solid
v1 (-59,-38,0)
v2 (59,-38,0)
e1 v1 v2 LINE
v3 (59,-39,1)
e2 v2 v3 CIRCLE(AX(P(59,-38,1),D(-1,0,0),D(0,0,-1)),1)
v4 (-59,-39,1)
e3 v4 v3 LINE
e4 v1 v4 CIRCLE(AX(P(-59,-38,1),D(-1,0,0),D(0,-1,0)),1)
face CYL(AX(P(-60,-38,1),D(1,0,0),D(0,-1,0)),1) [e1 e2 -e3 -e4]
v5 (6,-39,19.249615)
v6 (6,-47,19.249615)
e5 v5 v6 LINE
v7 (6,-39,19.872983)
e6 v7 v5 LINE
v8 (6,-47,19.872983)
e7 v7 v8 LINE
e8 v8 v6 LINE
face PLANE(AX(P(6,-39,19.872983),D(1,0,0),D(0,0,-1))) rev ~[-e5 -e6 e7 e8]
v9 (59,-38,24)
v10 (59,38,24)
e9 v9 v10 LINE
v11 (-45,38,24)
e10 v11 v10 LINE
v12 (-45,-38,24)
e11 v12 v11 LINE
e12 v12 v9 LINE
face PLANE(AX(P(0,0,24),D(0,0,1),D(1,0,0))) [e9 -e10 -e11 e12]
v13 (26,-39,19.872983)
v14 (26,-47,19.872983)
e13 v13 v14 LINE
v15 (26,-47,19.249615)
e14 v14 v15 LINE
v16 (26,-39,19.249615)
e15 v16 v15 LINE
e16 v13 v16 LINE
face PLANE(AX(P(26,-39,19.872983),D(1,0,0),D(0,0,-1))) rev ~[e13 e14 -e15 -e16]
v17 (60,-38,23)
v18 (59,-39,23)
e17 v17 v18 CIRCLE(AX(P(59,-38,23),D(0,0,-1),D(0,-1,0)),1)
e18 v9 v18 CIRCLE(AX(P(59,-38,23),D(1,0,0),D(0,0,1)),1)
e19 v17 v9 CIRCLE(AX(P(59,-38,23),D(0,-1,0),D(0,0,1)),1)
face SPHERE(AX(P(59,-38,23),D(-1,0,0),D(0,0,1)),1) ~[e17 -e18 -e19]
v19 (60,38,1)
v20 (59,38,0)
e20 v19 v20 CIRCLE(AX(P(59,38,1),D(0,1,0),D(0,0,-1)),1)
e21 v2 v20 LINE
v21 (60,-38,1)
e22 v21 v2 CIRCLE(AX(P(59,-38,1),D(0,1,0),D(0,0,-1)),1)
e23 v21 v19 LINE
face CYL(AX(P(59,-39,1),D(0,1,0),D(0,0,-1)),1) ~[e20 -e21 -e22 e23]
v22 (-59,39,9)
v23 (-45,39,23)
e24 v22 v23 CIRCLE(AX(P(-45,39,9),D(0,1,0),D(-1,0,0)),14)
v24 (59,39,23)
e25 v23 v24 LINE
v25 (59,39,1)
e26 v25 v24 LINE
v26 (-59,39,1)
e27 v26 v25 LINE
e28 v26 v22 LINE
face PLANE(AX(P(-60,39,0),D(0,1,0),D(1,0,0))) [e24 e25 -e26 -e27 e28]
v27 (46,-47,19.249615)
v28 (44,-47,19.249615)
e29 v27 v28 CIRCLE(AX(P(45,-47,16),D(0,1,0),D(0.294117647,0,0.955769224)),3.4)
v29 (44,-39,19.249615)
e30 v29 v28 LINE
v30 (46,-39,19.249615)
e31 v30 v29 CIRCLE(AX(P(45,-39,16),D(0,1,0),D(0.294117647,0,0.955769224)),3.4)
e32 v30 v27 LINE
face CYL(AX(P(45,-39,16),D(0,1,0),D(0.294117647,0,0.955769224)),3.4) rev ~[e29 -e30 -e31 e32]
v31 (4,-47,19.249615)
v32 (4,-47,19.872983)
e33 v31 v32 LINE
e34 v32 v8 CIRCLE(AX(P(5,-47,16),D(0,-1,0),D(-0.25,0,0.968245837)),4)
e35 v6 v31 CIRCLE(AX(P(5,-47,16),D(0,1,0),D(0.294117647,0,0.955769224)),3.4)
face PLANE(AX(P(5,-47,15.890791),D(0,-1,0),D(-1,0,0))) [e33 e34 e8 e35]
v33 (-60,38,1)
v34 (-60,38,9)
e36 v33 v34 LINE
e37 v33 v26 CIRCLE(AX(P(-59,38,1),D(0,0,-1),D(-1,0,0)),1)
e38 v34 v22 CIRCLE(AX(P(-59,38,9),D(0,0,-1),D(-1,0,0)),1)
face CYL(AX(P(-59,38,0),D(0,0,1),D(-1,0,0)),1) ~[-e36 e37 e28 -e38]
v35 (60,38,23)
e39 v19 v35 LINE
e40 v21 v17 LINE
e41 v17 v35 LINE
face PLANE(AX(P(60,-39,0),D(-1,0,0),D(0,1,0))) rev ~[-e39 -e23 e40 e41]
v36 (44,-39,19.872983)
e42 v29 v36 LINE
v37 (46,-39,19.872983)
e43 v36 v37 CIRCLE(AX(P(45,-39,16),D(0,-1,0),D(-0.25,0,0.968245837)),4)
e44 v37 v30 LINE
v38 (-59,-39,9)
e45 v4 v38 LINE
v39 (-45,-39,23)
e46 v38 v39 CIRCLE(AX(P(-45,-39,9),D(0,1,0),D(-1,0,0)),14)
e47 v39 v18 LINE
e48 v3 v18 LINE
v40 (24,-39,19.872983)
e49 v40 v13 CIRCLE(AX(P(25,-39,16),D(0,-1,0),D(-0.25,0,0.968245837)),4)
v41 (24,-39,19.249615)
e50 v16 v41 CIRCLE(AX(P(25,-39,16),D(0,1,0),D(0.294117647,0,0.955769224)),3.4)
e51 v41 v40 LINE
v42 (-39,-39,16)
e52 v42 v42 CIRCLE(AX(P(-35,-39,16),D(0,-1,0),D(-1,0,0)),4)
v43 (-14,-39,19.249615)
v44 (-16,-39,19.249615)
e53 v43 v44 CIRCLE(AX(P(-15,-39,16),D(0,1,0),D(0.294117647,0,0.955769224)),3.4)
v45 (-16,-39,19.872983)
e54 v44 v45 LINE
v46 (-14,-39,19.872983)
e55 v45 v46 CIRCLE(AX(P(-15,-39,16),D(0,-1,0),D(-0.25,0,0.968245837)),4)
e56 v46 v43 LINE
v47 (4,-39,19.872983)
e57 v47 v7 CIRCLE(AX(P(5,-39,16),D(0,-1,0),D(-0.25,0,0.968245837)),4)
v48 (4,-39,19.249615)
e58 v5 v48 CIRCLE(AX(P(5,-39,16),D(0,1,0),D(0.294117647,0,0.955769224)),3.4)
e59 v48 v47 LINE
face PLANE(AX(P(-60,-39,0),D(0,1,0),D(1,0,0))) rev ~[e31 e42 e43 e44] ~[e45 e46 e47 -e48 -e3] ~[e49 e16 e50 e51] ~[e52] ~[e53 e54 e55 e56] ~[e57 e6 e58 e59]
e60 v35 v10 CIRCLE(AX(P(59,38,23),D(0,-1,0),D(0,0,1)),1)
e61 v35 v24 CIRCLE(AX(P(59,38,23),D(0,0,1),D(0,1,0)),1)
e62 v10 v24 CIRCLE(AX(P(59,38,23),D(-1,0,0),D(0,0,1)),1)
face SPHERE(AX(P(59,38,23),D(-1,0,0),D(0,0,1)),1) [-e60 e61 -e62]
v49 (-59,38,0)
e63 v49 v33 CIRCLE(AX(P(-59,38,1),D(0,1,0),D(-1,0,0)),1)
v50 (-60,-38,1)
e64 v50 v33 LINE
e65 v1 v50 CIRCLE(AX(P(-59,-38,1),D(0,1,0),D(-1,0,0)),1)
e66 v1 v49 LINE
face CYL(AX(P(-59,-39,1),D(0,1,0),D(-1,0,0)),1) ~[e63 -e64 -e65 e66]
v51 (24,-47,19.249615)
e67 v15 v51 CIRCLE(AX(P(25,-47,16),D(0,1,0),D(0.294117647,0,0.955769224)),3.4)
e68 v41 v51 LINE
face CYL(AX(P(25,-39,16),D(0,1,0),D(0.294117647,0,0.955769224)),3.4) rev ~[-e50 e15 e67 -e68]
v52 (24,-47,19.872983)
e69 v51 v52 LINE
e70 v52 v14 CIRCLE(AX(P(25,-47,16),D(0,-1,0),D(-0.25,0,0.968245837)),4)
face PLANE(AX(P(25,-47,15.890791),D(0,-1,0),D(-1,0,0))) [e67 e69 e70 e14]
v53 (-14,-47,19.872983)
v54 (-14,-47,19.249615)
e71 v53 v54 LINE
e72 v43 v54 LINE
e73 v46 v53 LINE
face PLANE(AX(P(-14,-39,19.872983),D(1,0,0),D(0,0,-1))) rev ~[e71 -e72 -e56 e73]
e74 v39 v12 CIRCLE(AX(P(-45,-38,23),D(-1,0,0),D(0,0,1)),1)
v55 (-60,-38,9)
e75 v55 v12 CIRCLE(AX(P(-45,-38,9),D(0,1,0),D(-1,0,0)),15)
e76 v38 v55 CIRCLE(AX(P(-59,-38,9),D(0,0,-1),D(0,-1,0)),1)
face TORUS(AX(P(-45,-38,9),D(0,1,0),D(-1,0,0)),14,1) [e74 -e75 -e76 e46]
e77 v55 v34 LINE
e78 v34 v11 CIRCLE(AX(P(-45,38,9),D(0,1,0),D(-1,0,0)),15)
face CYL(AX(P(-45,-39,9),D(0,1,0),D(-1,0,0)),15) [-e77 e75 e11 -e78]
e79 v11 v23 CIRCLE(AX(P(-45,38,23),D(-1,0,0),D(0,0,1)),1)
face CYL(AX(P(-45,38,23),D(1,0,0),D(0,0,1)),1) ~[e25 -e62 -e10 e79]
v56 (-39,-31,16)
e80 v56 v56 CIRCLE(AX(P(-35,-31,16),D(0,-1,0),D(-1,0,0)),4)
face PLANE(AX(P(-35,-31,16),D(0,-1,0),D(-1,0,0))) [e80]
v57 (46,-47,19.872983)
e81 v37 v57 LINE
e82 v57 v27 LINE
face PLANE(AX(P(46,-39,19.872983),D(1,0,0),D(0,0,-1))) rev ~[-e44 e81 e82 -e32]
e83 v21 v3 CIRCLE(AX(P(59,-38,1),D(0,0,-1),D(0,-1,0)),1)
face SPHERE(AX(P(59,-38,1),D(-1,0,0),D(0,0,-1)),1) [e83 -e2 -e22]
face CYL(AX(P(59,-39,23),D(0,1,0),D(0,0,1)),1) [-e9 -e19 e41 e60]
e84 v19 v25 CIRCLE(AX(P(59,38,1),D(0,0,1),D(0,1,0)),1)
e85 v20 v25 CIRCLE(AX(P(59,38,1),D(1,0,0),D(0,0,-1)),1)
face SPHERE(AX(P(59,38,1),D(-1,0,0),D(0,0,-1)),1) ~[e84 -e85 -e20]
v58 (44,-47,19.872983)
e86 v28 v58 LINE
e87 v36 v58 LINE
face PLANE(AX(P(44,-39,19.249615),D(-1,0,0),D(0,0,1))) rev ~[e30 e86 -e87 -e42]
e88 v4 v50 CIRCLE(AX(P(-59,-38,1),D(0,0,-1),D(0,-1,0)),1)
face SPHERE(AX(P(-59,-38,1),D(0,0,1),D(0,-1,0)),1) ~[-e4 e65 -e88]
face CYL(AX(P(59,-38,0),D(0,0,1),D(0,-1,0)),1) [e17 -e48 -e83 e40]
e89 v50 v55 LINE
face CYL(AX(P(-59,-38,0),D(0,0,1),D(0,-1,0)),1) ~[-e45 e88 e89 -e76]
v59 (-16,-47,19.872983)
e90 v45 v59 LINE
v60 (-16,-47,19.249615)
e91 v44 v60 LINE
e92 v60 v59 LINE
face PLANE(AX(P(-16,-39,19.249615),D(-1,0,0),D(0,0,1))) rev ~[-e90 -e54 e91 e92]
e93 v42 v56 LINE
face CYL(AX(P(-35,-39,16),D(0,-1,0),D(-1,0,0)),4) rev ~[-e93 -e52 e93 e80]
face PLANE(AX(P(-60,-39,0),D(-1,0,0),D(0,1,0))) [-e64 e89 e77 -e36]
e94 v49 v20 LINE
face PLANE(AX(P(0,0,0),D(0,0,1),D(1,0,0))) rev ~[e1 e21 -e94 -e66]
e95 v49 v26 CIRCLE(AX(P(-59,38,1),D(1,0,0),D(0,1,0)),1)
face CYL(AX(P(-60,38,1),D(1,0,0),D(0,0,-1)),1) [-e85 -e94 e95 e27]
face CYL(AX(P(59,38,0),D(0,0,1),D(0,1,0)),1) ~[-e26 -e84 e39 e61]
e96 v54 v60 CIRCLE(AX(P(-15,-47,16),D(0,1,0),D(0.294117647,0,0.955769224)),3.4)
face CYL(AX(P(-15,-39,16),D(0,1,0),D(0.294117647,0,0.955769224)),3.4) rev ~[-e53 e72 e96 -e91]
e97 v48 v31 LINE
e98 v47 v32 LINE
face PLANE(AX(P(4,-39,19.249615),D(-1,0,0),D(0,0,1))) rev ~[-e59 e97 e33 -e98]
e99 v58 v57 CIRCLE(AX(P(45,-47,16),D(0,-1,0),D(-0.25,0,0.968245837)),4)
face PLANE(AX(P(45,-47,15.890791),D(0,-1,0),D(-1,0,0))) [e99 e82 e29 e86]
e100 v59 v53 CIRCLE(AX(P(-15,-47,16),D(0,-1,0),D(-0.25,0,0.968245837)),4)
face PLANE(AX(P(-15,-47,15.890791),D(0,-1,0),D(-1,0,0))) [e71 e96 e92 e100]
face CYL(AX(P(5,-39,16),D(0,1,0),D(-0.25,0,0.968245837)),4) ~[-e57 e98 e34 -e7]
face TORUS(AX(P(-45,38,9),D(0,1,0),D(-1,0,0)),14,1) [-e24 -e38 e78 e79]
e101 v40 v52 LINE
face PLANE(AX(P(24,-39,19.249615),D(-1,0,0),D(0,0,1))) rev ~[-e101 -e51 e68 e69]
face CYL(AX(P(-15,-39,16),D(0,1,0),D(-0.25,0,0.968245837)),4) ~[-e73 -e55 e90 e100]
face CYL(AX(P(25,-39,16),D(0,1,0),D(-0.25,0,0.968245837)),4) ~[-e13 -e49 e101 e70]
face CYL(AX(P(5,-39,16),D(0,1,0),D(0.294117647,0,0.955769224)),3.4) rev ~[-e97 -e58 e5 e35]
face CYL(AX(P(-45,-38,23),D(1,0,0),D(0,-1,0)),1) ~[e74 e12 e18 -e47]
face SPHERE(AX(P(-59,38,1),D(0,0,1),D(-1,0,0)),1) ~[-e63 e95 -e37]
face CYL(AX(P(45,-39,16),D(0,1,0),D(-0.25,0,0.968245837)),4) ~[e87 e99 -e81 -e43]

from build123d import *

# Parameters (mm, degrees)
SKETCH1_W           = 120
SKETCH1_H           = 78
BOSS_EXTRUDE1_DEPTH = 24
FILLET1_R           = 15
FILLET2_R           = 1
BOSS_EXTRUDE2_DEPTH = 8
SKETCH2_3_R         = 4
CUT_EXTRUDE1_DEPTH  = 8


with BuildPart() as part:
    # Sketch1 → Boss-Extrude1 (new body)
    with BuildSketch(Plane.XY):
        Rectangle(SKETCH1_W, SKETCH1_H)
    extrude(amount=BOSS_EXTRUDE1_DEPTH)

    # Fillet1
    fillet1_edges = [part.edges().sort_by_distance(p)[0] for p in [
        (-60, 0, 24),
    ]]
    fillet(fillet1_edges, radius=FILLET1_R)

    # Fillet2
    fillet2_edges = [part.edges().sort_by_distance(p)[0] for p in [
        (7.5, -39, 24),
        (-60, -39, 4.5),
        (-55.606601718, -39, 19.606601718),
        (-60, 39, 4.5),
        (-55.606601718, 39, 19.606601718),
        (60, 0, 24),
        (0, -39, 0),
        (-60, 0, 0),
        (0, 39, 0),
        (60, 0, 0),
        (60, -39, 12),
        (60, 39, 12),
        (7.5, 39, 24),
    ]]
    fillet(fillet2_edges, radius=FILLET2_R)

    # Sketch2 → Boss-Extrude2 (add)
    with BuildSketch(Plane(origin=(0, -39, 0), x_dir=(-1, 0, 0), z_dir=(0, -1, 0))):
        with BuildLine():
            Line((16, -19.249615362), (16, -19.872983346))
            ThreePointArc((16, -19.872983346), (15, -12), (14, -19.872983346))
            Line((14, -19.872983346), (14, -19.249615362))
            ThreePointArc((14, -19.249615362), (15, -12.6), (16, -19.249615362))
        make_face()
        with BuildLine():
            ThreePointArc((-4, -19.872983346), (-5, -12), (-6, -19.872983346))
            Line((-6, -19.872983346), (-6, -19.249615362))
            ThreePointArc((-6, -19.249615362), (-5, -12.6), (-4, -19.249615362))
            Line((-4, -19.249615362), (-4, -19.872983346))
        make_face()
        with BuildLine():
            ThreePointArc((-24, -19.872983346), (-25, -12), (-26, -19.872983346))
            Line((-26, -19.872983346), (-26, -19.249615362))
            ThreePointArc((-26, -19.249615362), (-25, -12.6), (-24, -19.249615362))
            Line((-24, -19.249615362), (-24, -19.872983346))
        make_face()
        with BuildLine():
            ThreePointArc((-44, -19.872983346), (-45, -12), (-46, -19.872983346))
            Line((-46, -19.872983346), (-46, -19.249615362))
            ThreePointArc((-46, -19.249615362), (-45, -12.6), (-44, -19.249615362))
            Line((-44, -19.249615362), (-44, -19.872983346))
        make_face()
    extrude(amount=BOSS_EXTRUDE2_DEPTH)

    # Sketch2<3> → Cut-Extrude1 (cut)
    with BuildSketch(Plane(origin=(0, -39, 0), x_dir=(-1, 0, 0), z_dir=(0, -1, 0))):
        with Locations((35, -16)):
            Circle(SKETCH2_3_R)
    extrude(amount=-CUT_EXTRUDE1_DEPTH, mode=Mode.SUBTRACT)


solid = part.part
